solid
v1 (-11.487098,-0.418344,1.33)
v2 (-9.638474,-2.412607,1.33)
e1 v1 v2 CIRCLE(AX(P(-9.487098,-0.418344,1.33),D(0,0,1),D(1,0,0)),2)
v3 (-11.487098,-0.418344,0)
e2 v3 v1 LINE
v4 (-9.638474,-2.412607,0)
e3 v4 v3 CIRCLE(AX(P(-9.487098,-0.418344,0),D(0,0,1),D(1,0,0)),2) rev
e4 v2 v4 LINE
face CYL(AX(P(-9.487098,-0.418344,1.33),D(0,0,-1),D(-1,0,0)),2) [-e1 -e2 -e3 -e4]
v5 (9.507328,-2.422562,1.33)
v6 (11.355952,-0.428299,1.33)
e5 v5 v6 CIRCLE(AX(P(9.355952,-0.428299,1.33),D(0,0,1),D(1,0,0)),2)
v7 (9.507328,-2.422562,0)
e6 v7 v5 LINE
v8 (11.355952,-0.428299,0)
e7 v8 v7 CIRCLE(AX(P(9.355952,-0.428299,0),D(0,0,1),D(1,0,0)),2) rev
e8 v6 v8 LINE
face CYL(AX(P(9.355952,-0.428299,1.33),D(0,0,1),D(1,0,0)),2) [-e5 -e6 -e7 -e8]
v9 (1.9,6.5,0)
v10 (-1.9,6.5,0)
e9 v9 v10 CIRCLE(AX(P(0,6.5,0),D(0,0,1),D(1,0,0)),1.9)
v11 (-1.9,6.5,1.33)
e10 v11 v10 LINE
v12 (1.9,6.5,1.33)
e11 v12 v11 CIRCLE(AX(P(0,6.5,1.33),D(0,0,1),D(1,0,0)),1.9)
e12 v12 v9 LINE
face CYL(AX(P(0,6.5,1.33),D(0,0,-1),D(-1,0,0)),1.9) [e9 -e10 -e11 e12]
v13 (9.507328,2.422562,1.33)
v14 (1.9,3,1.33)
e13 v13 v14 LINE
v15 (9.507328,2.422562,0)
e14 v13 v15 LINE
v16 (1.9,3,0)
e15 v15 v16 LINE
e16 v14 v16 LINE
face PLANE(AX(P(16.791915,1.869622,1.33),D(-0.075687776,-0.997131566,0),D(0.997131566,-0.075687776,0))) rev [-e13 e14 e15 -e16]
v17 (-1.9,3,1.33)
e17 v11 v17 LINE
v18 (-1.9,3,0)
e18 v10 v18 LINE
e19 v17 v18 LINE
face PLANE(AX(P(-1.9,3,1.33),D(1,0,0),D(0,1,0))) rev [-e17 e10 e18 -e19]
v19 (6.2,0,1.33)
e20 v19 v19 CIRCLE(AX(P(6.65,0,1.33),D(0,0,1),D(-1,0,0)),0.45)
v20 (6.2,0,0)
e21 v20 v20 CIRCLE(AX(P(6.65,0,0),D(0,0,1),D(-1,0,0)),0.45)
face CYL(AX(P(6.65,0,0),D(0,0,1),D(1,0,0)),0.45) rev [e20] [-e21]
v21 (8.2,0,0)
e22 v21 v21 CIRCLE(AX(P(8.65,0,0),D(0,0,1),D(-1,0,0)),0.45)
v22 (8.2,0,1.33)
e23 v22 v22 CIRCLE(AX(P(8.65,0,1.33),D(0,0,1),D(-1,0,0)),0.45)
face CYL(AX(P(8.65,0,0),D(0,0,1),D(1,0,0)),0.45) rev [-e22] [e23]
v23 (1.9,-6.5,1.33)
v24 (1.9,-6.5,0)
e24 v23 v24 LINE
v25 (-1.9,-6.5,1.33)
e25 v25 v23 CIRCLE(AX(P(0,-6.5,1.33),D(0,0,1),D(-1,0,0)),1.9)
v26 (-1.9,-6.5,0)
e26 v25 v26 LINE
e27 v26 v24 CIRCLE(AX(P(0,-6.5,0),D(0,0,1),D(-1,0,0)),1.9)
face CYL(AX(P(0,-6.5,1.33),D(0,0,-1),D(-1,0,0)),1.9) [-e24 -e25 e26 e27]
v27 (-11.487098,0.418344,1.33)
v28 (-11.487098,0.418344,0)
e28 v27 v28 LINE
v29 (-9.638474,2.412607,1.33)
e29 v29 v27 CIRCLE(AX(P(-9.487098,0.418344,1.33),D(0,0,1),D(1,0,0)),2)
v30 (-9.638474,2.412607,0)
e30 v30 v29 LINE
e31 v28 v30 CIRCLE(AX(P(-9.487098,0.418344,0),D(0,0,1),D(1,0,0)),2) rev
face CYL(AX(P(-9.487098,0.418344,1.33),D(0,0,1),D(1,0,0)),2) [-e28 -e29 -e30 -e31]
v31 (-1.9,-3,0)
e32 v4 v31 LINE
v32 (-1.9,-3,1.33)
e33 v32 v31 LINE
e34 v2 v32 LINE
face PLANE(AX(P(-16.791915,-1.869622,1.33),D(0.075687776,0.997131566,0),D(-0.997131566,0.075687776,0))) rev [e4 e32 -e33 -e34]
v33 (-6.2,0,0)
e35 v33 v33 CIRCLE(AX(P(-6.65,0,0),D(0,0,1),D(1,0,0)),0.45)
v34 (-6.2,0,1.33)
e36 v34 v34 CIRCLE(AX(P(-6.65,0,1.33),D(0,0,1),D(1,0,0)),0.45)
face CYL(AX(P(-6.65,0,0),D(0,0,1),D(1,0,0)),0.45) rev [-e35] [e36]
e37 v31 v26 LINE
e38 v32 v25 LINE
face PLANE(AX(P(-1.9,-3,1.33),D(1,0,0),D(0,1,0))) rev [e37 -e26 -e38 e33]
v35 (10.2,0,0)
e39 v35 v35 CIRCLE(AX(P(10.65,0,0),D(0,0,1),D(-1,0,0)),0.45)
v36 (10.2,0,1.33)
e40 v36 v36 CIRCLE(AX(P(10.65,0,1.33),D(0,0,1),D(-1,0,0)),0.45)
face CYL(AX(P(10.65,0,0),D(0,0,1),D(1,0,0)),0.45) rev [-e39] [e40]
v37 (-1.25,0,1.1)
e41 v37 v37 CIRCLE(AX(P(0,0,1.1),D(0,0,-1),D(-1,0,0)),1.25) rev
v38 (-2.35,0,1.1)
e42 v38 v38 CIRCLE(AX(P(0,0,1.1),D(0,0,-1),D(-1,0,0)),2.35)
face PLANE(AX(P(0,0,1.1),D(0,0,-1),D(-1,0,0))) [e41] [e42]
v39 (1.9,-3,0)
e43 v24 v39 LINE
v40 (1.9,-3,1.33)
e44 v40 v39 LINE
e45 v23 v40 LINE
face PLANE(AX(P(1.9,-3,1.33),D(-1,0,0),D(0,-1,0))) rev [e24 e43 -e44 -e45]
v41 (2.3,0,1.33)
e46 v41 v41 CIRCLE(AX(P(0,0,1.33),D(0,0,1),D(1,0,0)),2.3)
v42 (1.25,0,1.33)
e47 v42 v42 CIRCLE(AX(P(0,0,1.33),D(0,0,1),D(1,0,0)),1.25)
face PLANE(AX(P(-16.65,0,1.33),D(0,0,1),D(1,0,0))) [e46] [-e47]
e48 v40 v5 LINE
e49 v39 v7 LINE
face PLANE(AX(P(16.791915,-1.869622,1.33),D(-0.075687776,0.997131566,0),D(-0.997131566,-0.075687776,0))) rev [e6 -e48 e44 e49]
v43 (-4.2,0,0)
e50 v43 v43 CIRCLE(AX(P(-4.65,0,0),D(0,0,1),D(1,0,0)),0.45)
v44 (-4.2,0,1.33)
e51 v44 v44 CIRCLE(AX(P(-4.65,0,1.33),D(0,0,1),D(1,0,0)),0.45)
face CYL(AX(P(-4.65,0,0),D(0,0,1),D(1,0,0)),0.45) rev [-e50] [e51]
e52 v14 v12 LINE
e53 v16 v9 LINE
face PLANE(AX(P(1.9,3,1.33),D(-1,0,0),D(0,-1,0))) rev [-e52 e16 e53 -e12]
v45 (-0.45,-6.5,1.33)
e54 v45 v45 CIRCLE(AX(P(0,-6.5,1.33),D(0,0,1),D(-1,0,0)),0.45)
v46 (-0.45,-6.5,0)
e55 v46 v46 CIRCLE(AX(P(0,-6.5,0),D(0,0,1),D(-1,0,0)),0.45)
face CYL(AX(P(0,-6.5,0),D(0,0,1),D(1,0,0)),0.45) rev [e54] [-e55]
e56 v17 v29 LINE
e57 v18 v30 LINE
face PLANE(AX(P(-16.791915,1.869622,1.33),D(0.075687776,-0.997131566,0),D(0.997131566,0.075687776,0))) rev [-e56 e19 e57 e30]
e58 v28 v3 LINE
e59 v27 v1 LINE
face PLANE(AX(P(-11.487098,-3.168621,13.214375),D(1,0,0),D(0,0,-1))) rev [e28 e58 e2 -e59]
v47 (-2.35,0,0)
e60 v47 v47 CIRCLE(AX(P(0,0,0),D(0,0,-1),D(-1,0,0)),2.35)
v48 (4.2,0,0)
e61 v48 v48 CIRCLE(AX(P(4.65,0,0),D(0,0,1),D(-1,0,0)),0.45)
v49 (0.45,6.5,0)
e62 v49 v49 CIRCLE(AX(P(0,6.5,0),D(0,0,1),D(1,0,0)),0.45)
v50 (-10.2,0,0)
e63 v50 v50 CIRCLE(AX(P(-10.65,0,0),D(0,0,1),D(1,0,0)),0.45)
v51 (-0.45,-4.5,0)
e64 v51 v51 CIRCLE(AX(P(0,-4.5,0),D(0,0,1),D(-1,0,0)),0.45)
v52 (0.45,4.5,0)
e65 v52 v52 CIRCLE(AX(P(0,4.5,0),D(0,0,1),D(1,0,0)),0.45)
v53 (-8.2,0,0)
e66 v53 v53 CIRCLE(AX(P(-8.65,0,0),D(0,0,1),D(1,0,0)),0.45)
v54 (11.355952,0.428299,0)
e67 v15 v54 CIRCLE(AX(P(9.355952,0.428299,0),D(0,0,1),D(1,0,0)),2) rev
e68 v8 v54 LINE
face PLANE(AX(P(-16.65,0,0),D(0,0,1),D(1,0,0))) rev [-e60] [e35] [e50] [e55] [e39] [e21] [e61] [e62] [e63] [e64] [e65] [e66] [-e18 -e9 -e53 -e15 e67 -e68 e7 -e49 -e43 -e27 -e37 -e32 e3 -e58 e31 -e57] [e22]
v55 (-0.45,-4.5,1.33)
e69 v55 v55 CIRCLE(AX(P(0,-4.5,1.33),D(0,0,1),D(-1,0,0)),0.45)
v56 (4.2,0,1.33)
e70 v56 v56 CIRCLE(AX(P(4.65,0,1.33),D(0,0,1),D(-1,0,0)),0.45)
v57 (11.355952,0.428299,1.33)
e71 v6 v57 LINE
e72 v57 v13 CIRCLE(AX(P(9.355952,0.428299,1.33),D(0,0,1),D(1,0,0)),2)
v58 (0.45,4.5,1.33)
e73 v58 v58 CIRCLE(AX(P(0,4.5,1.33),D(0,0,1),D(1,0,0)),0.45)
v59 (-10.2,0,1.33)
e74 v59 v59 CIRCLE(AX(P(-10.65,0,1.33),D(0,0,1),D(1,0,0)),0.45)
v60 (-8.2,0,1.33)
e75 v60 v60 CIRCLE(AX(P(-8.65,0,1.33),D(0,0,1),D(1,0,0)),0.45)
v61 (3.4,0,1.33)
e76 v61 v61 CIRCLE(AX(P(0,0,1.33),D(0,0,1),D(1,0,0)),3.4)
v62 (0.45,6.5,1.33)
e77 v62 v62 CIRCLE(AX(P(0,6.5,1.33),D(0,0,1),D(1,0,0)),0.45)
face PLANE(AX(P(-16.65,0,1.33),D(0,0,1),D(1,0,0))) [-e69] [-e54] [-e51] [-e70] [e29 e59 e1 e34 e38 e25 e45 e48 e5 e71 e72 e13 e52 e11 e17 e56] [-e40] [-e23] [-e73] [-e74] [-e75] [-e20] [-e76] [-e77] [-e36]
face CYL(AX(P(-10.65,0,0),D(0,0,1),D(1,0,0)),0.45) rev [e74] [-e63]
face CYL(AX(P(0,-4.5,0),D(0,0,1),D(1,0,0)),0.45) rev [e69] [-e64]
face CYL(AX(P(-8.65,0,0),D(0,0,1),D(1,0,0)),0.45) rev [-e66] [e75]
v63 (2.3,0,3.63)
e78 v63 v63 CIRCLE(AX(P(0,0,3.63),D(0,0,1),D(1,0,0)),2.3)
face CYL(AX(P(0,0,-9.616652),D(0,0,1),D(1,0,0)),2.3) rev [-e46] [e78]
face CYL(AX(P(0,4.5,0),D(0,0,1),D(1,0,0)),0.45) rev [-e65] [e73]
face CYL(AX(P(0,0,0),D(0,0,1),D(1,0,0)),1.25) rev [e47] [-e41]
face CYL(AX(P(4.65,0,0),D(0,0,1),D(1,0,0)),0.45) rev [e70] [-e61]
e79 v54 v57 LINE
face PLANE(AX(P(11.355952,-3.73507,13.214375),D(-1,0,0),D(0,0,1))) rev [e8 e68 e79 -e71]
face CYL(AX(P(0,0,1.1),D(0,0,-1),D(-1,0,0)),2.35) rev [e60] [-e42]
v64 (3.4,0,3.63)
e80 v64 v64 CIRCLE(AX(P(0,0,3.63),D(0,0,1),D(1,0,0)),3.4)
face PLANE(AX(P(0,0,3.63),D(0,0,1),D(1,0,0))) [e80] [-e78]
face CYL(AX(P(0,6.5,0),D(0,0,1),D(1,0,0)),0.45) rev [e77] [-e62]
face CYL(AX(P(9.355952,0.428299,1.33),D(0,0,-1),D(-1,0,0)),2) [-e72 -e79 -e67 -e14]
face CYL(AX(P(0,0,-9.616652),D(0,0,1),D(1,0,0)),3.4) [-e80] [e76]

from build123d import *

# Parameters (mm, degrees)
AUFSATZ_LINEAR_AUSTRAGEN1_DEPTH      = 1.33
SKIZZE2_R                            = 3.4
SKIZZE2_R_2                          = 2.3
AUFSATZ_LINEAR_AUSTRAGEN2_DEPTH      = 2.3
AUFSATZ_LINEAR_AUSTRAGEN2_DEPTH_BACK = 1.33
SKIZZE3_R                            = 1.25
SCHNITT_LINEAR_AUSTRAGEN1_DEPTH      = 2.33
SKIZZE4_R                            = 2.35
SCHNITT_LINEAR_AUSTRAGEN2_DEPTH      = 1.1
SKIZZE5_R                            = 0.45
SCHNITT_LINEAR_AUSTRAGEN3_DEPTH      = 2.33
SKIZZE7_W                            = 8.843573308
SKIZZE7_H                            = 7.939116947
SKIZZE7_W_2                          = 8.543023068
SKIZZE7_H_2                          = 6.617341639
SCHNITT_LINEAR_AUSTRAGEN4_DEPTH      = 1.33
VERRUNDUNG1_R                        = 2


with BuildPart() as part:
    # Skizze1 → Aufsatz-Linear austragen1 (new body)
    with BuildSketch(Plane.XY):
        with BuildLine():
            Line((-16.79191458, 1.869621687), (-1.9, 3))
            Line((-1.9, 3), (-1.9, 6.5))
            ThreePointArc((-1.9, 6.5), (0, 8.4), (1.9, 6.5))
            Line((1.9, 6.5), (1.9, 3))
            Line((1.9, 3), (16.79191458, 1.869621687))
            ThreePointArc((16.79191458, 1.869621687), (18.525, 0), (16.79191458, -1.869621687))
            Line((16.79191458, -1.869621687), (1.9, -3))
            Line((1.9, -3), (1.9, -6.5))
            ThreePointArc((1.9, -6.5), (0, -8.4), (-1.9, -6.5))
            Line((-1.9, -6.5), (-1.9, -3))
            Line((-1.9, -3), (-16.79191458, -1.869621687))
            ThreePointArc((-16.79191458, -1.869621687), (-18.525, 0), (-16.79191458, 1.869621687))
        make_face()
    extrude(amount=AUFSATZ_LINEAR_AUSTRAGEN1_DEPTH)

    # Skizze2 → Aufsatz-Linear austragen2 (add, two sides)
    with BuildSketch(Plane.XY.offset(1.33)) as aufsatz_linear_austragen2_sk:
        Circle(SKIZZE2_R)
        Circle(SKIZZE2_R_2, mode=Mode.SUBTRACT)
    extrude(amount=AUFSATZ_LINEAR_AUSTRAGEN2_DEPTH)
    extrude(aufsatz_linear_austragen2_sk.sketch, amount=-AUFSATZ_LINEAR_AUSTRAGEN2_DEPTH_BACK)

    # Skizze3 → Schnitt-Linear austragen1 (cut, through all)
    with BuildSketch(Plane.XY.offset(1.33)):
        Circle(SKIZZE3_R)
    extrude(amount=-SCHNITT_LINEAR_AUSTRAGEN1_DEPTH, mode=Mode.SUBTRACT)

    # Skizze4 → Schnitt-Linear austragen2 (cut)
    with BuildSketch(Plane(origin=(0, 0, 0), x_dir=(-1, 0, 0), z_dir=(0, 0, -1))):
        Circle(SKIZZE4_R)
    extrude(amount=-SCHNITT_LINEAR_AUSTRAGEN2_DEPTH, mode=Mode.SUBTRACT)

    # Skizze5 → Schnitt-Linear austragen3 (cut, through all)
    with BuildSketch(Plane.XY.offset(1.33)):
        with Locations((0, 6.5)):
            Circle(SKIZZE5_R)
        with Locations((-16.65, 0)):
            Circle(SKIZZE5_R)
        with Locations((0, 4.5)):
            Circle(SKIZZE5_R)
        with Locations((-14.65, 0)):
            Circle(SKIZZE5_R)
        with Locations((-12.65, 0)):
            Circle(SKIZZE5_R)
        with Locations((-10.65, 0)):
            Circle(SKIZZE5_R)
        with Locations((-8.65, 0)):
            Circle(SKIZZE5_R)
        with Locations((-6.65, 0)):
            Circle(SKIZZE5_R)
        with Locations((-4.65, 0)):
            Circle(SKIZZE5_R)
        with Locations((0, -4.5)):
            Circle(SKIZZE5_R)
        with Locations((0, -6.5)):
            Circle(SKIZZE5_R)
        with Locations((4.65, 0)):
            Circle(SKIZZE5_R)
        with Locations((6.65, 0)):
            Circle(SKIZZE5_R)
        with Locations((8.65, 0)):
            Circle(SKIZZE5_R)
        with Locations((10.65, 0)):
            Circle(SKIZZE5_R)
        with Locations((12.65, 0)):
            Circle(SKIZZE5_R)
        with Locations((14.65, 0)):
            Circle(SKIZZE5_R)
        with Locations((16.65, 0)):
            Circle(SKIZZE5_R)
    extrude(amount=-SCHNITT_LINEAR_AUSTRAGEN3_DEPTH, mode=Mode.SUBTRACT)

    # Skizze7 → Schnitt-Linear austragen4 (cut)
    with BuildSketch(Plane(origin=(0, 0, 0), x_dir=(-1, 0, 0), z_dir=(0, 0, -1))):
        with Locations((-15.777738742, 0.234488686)):
            Rectangle(SKIZZE7_W, SKIZZE7_H)
        with Locations((15.758609631, 0.140049559)):
            Rectangle(SKIZZE7_W_2, SKIZZE7_H_2)
    extrude(amount=-SCHNITT_LINEAR_AUSTRAGEN4_DEPTH, mode=Mode.SUBTRACT)

    # Verrundung1
    verrundung1_edges = [part.edges().sort_by_distance(p)[0] for p in [
        (11.355952088, -2.282241171, 0.665),
        (11.355952088, 2.282241171, 0.665),
        (-11.487098097, -2.272286467, 0.665),
        (-11.487098097, 2.272286467, 0.665),
    ]]
    fillet(verrundung1_edges, radius=VERRUNDUNG1_R)


solid = part.part
